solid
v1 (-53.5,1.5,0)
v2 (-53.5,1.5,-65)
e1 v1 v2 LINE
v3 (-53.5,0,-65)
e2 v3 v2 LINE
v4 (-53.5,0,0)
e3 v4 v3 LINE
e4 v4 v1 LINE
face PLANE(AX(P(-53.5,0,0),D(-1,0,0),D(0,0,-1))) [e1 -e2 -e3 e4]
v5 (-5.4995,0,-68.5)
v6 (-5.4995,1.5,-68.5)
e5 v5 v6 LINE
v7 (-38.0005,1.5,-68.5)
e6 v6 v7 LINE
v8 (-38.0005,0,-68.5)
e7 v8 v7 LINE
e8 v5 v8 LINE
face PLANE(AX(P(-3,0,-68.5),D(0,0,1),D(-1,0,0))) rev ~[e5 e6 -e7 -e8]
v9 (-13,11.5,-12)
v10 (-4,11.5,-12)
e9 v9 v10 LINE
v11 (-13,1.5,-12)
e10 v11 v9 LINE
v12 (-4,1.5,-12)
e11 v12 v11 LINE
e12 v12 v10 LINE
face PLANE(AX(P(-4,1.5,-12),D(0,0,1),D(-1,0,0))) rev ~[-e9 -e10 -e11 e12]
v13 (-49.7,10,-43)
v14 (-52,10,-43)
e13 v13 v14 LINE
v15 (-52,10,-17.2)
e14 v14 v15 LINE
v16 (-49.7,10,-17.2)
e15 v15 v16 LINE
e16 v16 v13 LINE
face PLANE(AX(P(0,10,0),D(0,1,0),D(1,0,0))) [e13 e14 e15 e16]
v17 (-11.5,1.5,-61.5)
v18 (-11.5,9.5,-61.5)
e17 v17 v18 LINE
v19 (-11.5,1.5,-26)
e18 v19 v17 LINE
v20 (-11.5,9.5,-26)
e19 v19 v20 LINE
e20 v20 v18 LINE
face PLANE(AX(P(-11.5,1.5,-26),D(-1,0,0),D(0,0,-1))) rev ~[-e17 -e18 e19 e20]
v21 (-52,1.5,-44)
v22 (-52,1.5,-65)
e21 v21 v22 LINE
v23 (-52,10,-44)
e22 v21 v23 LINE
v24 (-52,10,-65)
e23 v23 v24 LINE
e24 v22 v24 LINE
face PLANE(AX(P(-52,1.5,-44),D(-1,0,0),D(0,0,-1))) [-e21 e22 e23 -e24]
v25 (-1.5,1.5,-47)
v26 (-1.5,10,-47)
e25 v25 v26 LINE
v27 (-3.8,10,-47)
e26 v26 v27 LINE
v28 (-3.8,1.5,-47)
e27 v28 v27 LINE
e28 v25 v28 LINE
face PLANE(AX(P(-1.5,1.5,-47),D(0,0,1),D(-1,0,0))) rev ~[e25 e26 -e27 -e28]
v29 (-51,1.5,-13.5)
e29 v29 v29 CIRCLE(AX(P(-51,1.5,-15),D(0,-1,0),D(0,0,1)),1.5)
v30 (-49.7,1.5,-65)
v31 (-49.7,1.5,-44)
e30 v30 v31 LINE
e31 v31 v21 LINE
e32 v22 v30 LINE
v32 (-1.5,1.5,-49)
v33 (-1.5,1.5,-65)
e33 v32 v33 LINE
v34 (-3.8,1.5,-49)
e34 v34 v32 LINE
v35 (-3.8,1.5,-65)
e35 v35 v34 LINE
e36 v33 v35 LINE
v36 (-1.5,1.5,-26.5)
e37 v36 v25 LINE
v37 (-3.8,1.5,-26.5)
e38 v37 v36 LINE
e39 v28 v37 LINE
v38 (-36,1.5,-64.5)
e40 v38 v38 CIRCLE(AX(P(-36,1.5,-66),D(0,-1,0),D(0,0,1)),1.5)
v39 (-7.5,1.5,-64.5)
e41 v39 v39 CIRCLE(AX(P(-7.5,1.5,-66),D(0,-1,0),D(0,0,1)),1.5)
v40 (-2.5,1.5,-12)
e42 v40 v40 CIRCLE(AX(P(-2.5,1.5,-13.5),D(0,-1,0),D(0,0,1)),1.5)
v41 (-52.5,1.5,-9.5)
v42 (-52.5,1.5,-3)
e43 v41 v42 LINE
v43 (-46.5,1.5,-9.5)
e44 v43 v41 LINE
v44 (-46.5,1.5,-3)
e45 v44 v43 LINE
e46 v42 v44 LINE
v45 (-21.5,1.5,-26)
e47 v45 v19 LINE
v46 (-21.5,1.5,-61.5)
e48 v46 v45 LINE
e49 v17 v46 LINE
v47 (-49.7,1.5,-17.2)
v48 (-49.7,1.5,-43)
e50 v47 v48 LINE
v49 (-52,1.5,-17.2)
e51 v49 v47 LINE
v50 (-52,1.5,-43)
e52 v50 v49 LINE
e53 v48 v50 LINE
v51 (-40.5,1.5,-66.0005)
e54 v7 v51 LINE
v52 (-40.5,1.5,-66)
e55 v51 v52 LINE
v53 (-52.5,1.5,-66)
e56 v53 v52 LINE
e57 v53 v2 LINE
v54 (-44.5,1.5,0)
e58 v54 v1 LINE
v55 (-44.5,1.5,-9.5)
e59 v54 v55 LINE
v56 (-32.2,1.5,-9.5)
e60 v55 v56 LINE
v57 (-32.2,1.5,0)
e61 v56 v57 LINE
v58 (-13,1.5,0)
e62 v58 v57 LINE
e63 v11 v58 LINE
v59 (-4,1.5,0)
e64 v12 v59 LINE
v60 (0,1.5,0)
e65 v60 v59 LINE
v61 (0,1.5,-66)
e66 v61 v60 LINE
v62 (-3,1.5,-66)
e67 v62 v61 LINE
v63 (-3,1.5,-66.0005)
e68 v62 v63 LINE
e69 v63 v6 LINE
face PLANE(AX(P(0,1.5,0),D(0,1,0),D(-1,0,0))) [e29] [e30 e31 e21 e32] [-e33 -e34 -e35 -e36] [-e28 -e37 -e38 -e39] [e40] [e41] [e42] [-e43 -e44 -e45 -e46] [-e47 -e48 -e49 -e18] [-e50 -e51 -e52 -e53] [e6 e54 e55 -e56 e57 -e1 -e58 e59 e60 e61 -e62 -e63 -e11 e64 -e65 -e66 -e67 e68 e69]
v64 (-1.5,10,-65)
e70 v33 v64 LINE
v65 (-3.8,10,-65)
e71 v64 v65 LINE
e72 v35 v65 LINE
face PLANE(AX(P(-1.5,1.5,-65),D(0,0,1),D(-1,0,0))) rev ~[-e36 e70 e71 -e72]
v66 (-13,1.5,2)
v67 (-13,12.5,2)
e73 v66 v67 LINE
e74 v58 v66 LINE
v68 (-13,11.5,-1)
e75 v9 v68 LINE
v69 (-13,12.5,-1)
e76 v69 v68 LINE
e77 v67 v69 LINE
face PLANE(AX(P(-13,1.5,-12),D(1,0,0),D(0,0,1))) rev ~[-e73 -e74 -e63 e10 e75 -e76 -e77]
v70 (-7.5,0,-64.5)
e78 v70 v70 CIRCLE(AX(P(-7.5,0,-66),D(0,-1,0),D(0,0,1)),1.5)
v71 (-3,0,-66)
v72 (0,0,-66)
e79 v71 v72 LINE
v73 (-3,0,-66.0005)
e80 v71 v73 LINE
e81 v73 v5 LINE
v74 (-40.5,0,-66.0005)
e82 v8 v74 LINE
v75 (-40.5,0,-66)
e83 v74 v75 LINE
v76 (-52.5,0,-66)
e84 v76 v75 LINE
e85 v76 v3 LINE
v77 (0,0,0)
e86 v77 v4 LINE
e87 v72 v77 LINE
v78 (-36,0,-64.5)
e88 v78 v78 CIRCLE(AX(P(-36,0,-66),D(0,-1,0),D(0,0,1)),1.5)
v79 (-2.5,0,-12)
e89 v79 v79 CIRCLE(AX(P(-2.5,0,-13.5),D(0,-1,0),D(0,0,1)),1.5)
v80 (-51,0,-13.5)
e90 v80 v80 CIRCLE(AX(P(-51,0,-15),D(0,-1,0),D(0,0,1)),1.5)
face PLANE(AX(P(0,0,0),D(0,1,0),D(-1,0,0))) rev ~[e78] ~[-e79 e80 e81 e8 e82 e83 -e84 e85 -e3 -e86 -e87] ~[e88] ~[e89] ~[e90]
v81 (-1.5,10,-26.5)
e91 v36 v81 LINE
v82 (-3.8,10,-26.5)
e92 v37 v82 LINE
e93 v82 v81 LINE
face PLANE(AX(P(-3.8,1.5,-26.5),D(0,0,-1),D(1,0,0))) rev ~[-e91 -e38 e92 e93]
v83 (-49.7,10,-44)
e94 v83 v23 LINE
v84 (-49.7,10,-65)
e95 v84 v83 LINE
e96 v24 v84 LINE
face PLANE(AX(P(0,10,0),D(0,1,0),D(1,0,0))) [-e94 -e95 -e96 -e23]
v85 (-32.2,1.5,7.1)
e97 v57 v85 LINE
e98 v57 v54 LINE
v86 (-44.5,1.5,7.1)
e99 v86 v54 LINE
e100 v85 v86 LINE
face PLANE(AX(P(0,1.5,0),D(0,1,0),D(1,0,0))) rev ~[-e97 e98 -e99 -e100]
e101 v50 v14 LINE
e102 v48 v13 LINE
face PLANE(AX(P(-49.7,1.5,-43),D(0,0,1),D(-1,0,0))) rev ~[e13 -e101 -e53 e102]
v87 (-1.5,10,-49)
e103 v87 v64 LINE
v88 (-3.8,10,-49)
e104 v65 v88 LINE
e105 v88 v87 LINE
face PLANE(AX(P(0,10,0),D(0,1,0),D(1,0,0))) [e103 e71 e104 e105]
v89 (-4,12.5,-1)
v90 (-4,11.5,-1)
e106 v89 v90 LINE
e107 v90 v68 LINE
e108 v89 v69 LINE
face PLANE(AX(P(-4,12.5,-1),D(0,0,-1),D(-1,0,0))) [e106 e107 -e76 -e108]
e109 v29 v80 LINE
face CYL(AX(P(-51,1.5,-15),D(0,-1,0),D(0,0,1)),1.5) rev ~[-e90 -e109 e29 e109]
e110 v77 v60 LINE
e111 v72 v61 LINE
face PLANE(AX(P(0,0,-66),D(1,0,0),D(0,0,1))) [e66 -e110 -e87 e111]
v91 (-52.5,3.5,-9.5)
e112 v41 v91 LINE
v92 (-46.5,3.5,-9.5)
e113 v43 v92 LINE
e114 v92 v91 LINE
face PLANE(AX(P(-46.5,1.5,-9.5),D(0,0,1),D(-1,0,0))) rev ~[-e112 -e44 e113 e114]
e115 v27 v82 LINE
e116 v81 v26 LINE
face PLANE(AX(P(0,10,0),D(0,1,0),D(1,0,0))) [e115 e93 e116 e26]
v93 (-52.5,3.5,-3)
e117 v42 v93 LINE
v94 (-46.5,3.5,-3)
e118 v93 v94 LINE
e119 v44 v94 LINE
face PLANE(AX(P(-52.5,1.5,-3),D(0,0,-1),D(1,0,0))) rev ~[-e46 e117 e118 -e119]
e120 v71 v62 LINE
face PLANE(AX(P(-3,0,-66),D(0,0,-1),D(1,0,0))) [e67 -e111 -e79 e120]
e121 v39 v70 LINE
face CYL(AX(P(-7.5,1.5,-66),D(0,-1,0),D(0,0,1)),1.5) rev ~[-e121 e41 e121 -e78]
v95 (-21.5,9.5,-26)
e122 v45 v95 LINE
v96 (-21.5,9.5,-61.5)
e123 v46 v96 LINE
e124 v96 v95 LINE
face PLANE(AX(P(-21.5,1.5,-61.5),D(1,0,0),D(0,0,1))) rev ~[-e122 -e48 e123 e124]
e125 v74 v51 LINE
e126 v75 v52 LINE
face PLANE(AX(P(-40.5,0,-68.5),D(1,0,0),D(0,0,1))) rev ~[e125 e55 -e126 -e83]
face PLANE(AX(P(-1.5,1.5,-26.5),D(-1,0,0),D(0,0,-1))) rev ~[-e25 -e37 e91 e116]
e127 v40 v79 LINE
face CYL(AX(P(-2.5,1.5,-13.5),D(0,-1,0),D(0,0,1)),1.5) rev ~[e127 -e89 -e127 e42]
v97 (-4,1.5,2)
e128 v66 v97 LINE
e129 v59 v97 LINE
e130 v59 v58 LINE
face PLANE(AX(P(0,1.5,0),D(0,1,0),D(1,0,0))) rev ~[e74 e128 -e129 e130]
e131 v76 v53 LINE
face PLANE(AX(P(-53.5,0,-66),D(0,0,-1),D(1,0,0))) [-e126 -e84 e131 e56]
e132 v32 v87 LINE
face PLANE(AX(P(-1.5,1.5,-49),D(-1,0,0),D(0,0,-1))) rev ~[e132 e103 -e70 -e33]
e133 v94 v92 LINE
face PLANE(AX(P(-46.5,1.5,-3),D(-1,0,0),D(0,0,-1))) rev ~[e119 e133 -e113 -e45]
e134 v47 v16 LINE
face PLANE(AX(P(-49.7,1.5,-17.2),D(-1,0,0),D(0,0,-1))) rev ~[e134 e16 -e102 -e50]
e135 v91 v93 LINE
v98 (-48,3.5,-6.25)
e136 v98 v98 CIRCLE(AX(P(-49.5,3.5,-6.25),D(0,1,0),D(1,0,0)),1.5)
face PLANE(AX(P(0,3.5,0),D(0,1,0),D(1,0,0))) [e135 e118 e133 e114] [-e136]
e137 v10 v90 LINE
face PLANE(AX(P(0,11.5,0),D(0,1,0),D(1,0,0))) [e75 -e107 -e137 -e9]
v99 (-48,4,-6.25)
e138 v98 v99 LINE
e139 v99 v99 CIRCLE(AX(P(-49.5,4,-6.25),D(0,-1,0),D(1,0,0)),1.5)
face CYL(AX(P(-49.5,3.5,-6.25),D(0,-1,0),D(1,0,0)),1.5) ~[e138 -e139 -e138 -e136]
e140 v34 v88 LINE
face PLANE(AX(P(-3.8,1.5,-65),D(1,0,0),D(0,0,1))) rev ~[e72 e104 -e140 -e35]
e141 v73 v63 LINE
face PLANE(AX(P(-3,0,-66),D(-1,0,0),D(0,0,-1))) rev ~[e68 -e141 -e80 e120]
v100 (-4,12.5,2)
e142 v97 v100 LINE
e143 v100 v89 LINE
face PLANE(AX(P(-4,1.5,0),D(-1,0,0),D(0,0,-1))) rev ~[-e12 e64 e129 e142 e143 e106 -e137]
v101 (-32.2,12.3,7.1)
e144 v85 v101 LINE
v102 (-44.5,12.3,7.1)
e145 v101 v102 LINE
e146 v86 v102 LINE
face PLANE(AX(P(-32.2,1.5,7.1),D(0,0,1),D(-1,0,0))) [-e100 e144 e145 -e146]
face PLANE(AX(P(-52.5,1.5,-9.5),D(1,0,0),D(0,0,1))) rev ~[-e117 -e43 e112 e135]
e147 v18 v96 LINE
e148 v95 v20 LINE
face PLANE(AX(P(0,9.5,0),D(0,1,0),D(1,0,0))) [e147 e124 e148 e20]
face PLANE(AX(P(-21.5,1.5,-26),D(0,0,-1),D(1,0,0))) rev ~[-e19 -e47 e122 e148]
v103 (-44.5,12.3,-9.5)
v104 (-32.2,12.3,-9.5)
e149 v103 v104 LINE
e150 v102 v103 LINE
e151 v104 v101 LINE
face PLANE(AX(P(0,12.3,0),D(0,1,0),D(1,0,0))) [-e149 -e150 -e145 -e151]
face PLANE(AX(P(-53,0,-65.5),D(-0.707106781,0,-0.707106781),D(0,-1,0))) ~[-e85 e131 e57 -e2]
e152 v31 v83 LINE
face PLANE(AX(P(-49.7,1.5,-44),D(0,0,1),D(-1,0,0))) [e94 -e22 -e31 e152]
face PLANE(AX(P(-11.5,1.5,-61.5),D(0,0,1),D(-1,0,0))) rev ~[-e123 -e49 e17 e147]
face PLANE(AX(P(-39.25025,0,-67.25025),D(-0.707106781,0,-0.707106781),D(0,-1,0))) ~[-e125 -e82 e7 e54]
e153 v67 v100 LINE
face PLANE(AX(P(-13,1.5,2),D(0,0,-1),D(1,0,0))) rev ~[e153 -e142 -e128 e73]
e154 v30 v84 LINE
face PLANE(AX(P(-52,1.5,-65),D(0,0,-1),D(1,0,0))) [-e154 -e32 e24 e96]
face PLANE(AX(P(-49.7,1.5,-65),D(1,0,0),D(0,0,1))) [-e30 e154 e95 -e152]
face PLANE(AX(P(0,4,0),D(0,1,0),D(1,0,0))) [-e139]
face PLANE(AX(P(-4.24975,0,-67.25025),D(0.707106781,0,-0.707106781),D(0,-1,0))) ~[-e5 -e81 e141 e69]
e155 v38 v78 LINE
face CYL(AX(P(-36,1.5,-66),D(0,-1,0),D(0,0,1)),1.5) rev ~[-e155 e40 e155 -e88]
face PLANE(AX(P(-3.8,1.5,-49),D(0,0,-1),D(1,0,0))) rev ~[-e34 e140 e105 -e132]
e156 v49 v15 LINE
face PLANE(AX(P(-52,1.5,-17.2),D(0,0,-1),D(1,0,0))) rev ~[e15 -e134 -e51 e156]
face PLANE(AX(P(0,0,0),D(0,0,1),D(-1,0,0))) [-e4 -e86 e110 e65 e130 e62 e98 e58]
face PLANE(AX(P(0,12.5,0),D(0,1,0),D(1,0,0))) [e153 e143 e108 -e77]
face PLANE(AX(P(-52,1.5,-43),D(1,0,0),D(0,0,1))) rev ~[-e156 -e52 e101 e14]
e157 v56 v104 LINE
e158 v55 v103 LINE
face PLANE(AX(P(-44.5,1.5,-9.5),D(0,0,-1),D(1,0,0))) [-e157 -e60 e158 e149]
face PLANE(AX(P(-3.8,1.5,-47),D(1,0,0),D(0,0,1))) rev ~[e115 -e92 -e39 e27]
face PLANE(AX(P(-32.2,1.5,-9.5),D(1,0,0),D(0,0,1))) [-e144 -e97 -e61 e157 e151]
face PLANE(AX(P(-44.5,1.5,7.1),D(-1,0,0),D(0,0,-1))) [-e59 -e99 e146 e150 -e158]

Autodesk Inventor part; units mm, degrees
ref_plane "YZ Plane" through (0, 0, 0) normal (1, 0, 0) x (0, 1, 0)
ref_plane "XZ Plane" through (0, 0, 0) normal (0, 1, 0) x (-1, 0, 0)
ref_plane "XY Plane" through (0, 0, 0) normal (0, 0, 1) x (1, 0, 0)
sketch "Эскиз1" plane through (0, 0, 0) normal (0, 1, 0) x (-1, 0, 0)
  line L0 (0, 0) -> (53.5, 0)
  line L1 (53.5, 0) -> (53.5, -66)
  line L2 (53.5, -66) -> (0, -66)
  line L3 (0, -66) -> (0, 0)
  line L4 (53.5, -66) -> (40.5, -66)
  line L5 (40.5, -66) -> (3, -66)
  line L6 (3, -66) -> (3, -68.5)
  line L7 (3, -68.5) -> (40.5, -68.5)
  line L8 (40.5, -68.5) -> (40.5, -66)
  point P0 (3, -66)
  dimension "d0" = 53.5
  dimension "d1" = 66
  dimension "d4" = 13
  dimension "d5" = 37.5
  dimension "d6" = 2.5
extrude "Выдавливание1" add sketch "Эскиз1" along normal blind 1.5
sketch "Эскиз2" plane through (0, 1.5, 0) normal (0, 1, 0) x (1, 0, 0)
  line L0 (-40.5, 66) -> (-53.5, 66) projected
  line L1 (-53.5, 66) -> (-52, 66)
  line L2 (-52, 66) -> (-52, 65)
  line L3 (-52, 65) -> (-49.7, 65)
  line L4 (-49.7, 65) -> (-49.7, 44)
  line L5 (-49.7, 44) -> (-52, 44)
  line L6 (-52, 44) -> (-52, 65)
  line L7 (-49.7, 44) -> (-49.7, 43)
  line L8 (-49.7, 43) -> (-52, 43)
  line L9 (-52, 43) -> (-52, 17.2)
  line L10 (-52, 17.2) -> (-49.7, 17.2)
  line L11 (-49.7, 17.2) -> (-49.7, 43)
  point P0 (0, 0)
  dimension "d15" = 1.5
  dimension "d16" = 1
  dimension "d17" = 2.3
  dimension "d18" = 21
  dimension "d19" = 1
  dimension "d20" = 25.8
extrude "Выдавливание2" add sketch "Эскиз2" along normal blind 8.5
sketch "Эскиз3" plane through (0, 1.5, 0) normal (0, 1, 0) x (1, 0, 0)
  line L0 (-53.5, 66) -> (-53.5, 0) projected
  line L1 (-53.5, 0) -> (-53.5, 3)
  line L2 (-53.5, 3) -> (-52.5, 3)
  line L3 (-52.5, 3) -> (-46.5, 3)
  line L4 (-46.5, 3) -> (-46.5, 9.5)
  line L5 (-46.5, 9.5) -> (-52.5, 9.5)
  line L6 (-52.5, 9.5) -> (-52.5, 3)
  point P0 (0, 0)
  dimension "d23" = 3
  dimension "d24" = 1
  dimension "d25" = 6
  dimension "d26" = 6.5
extrude "Выдавливание3" add sketch "Эскиз3" along normal blind 2
sketch "Эскиз4" plane through (0, 3.5, 0) normal (0, 1, 0) x (1, 0, 0)
  line L0 (-52.5, 3) -> (-52.5, 9.5) projected
  line L1 (-52.5, 6.25) -> (-46.5, 6.25)
  line L2 (-46.5, 3) -> (-46.5, 9.5) projected
  circle A0 centre (-49.5, 6.25) radius 1.5
  point P0 (0, 0)
  dimension "d29" = 3
extrude "Выдавливание4" add sketch "Эскиз4" along normal blind 0.5
sketch "Эскиз5" plane through (0, 1.5, 0) normal (0, 1, 0) x (1, 0, 0)
  line L0 (-46.5, 9.5) -> (-52.5, 9.5) projected
  line L1 (-46.5, 9.5) -> (-44.5, 9.5)
  line L2 (-44.5, 9.5) -> (-32.2, 9.5)
  line L3 (-32.2, 9.5) -> (-32.2, -7.1)
  line L4 (-32.2, -7.1) -> (-44.5, -7.1)
  line L5 (-44.5, -7.1) -> (-44.5, 9.5)
  point P0 (0, 0)
  dimension "d32" = 2
  dimension "d33" = 12.3
  dimension "d34" = 16.6
extrude "Выдавливание5" add sketch "Эскиз5" along normal blind 10.8
sketch "Эскиз6" plane through (0, 1.5, 0) normal (0, 1, 0) x (1, 0, 0)
  line L0 (-32.2, 0) -> (0, 0) projected
  line L1 (0, 0) -> (-4, 0)
  line L2 (-4, 0) -> (-4, 12)
  line L3 (-4, 12) -> (-13, 12)
  line L4 (-13, 12) -> (-13, -2)
  line L5 (-13, -2) -> (-4, -2)
  line L6 (-4, -2) -> (-4, 12)
  dimension "d37" = 4
  dimension "d38" = 12
  dimension "d39" = 9
  dimension "d40" = 14
extrude "Выдавливание6" add sketch "Эскиз6" along normal blind 11
sketch "Эскиз7" plane through (0, 12.5, 0) normal (0, 1, 0) x (1, 0, 0)
  line L0 (-13, 12) -> (-13, -2) projected
  line L1 (-13, 12) -> (-4, 12)
  line L2 (-4, 12) -> (-4, 1)
  line L3 (-4, 1) -> (-13, 1)
  line L4 (-13, 1) -> (-13, 12)
  point P0 (0, 0)
  dimension "d43" = 11
extrude "Выдавливание7" cut sketch "Эскиз7" against normal blind 1
sketch "Эскиз8" plane through (0, 1.5, 0) normal (0, 1, 0) x (1, 0, 0)
  line L0 (0, 0) -> (0, 66) projected
  line L1 (0, 66) -> (0, 65)
  line L2 (0, 65) -> (-1.5, 65)
  line L3 (-1.5, 65) -> (-3.8, 65)
  line L4 (-3.8, 65) -> (-3.8, 49)
  line L5 (-3.8, 49) -> (-1.5, 49)
  line L6 (-1.5, 49) -> (-1.5, 65)
  line L7 (-1.5, 49) -> (-1.5, 47)
  line L8 (-1.5, 47) -> (-3.8, 47)
  line L9 (-3.8, 47) -> (-3.8, 26.5)
  line L10 (-3.8, 26.5) -> (-1.5, 26.5)
  line L11 (-1.5, 26.5) -> (-1.5, 47)
  dimension "d47" = 1
  dimension "d48" = 1.5
  dimension "d49" = 2.3
  dimension "d50" = 16
  dimension "d51" = 2
  dimension "d52" = 20.5
extrude "Выдавливание8" add sketch "Эскиз8" along normal blind 8.5
sketch "Эскиз9" plane through (0, 1.5, 0) normal (0, 1, 0) x (1, 0, 0)
  line L0 (0, 0) -> (0, 66) projected
  line L1 (0, 66) -> (-21.5, 66)
  line L2 (-21.5, 66) -> (-21.5, 26)
  line L3 (-21.5, 26) -> (-11.5, 26)
  line L4 (-11.5, 26) -> (-11.5, 61.5)
  line L5 (-11.5, 61.5) -> (-21.5, 61.5)
  line L6 (-21.5, 61.5) -> (-21.5, 26)
  dimension "d55" = 21.5
  dimension "d56" = 40
  dimension "d57" = 10
  dimension "d58" = 35.5
extrude "Выдавливание9" add sketch "Эскиз9" along normal blind 8
sketch "Эскиз10" plane through (0, 1.5, 0) normal (0, 1, 0) x (1, 0, 0)
  line L0 (-40.5, 68.5) -> (-40.5, 66) projected
  line L1 (-40.5, 68.5) -> (-36, 68.5)
  line L2 (-3, 68.5) -> (-40.5, 68.5) projected
  line L3 (-36, 68.5) -> (-36, 66)
  line L4 (-3, 68.5) -> (-7.5, 68.5)
  line L5 (-7.5, 68.5) -> (-7.5, 66)
  line L6 (0, 0) -> (0, 13.5)
  line L7 (0, 0) -> (0, 66) projected
  line L8 (0, 13.5) -> (-2.5, 13.5)
  line L9 (-53.5, 66) -> (-53.5, 0) projected
  line L10 (-53.5, 0) -> (-53.5, 15)
  line L11 (-53.5, 15) -> (-51, 15)
  dimension "d67" = 4.5
  dimension "d68" = 2.5
  dimension "d69" = 4.5
  dimension "d70" = 2.5
  dimension "d71" = 13.5
  dimension "d72" = 2.5
  dimension "d73" = 15
  dimension "d74" = 2.5
hole "Отверстие1" at (-51, 1.5, -15) at (-2.5, 1.5, -13.5) at (-7.5, 1.5, -66) at (-36, 1.5, -66) direction (0, -1, 0) diameter 3 end through all
chamfer "Фаска3" distance 2.5 angle 45 2 edges at (-40.5, 0.75, -68.5) (-3, 0.75, -68.5)
chamfer "Фаска4" distance 1 angle 45 1 edges at (-53.5, 0.75, -66)
properties part number "Arduino UNO"
